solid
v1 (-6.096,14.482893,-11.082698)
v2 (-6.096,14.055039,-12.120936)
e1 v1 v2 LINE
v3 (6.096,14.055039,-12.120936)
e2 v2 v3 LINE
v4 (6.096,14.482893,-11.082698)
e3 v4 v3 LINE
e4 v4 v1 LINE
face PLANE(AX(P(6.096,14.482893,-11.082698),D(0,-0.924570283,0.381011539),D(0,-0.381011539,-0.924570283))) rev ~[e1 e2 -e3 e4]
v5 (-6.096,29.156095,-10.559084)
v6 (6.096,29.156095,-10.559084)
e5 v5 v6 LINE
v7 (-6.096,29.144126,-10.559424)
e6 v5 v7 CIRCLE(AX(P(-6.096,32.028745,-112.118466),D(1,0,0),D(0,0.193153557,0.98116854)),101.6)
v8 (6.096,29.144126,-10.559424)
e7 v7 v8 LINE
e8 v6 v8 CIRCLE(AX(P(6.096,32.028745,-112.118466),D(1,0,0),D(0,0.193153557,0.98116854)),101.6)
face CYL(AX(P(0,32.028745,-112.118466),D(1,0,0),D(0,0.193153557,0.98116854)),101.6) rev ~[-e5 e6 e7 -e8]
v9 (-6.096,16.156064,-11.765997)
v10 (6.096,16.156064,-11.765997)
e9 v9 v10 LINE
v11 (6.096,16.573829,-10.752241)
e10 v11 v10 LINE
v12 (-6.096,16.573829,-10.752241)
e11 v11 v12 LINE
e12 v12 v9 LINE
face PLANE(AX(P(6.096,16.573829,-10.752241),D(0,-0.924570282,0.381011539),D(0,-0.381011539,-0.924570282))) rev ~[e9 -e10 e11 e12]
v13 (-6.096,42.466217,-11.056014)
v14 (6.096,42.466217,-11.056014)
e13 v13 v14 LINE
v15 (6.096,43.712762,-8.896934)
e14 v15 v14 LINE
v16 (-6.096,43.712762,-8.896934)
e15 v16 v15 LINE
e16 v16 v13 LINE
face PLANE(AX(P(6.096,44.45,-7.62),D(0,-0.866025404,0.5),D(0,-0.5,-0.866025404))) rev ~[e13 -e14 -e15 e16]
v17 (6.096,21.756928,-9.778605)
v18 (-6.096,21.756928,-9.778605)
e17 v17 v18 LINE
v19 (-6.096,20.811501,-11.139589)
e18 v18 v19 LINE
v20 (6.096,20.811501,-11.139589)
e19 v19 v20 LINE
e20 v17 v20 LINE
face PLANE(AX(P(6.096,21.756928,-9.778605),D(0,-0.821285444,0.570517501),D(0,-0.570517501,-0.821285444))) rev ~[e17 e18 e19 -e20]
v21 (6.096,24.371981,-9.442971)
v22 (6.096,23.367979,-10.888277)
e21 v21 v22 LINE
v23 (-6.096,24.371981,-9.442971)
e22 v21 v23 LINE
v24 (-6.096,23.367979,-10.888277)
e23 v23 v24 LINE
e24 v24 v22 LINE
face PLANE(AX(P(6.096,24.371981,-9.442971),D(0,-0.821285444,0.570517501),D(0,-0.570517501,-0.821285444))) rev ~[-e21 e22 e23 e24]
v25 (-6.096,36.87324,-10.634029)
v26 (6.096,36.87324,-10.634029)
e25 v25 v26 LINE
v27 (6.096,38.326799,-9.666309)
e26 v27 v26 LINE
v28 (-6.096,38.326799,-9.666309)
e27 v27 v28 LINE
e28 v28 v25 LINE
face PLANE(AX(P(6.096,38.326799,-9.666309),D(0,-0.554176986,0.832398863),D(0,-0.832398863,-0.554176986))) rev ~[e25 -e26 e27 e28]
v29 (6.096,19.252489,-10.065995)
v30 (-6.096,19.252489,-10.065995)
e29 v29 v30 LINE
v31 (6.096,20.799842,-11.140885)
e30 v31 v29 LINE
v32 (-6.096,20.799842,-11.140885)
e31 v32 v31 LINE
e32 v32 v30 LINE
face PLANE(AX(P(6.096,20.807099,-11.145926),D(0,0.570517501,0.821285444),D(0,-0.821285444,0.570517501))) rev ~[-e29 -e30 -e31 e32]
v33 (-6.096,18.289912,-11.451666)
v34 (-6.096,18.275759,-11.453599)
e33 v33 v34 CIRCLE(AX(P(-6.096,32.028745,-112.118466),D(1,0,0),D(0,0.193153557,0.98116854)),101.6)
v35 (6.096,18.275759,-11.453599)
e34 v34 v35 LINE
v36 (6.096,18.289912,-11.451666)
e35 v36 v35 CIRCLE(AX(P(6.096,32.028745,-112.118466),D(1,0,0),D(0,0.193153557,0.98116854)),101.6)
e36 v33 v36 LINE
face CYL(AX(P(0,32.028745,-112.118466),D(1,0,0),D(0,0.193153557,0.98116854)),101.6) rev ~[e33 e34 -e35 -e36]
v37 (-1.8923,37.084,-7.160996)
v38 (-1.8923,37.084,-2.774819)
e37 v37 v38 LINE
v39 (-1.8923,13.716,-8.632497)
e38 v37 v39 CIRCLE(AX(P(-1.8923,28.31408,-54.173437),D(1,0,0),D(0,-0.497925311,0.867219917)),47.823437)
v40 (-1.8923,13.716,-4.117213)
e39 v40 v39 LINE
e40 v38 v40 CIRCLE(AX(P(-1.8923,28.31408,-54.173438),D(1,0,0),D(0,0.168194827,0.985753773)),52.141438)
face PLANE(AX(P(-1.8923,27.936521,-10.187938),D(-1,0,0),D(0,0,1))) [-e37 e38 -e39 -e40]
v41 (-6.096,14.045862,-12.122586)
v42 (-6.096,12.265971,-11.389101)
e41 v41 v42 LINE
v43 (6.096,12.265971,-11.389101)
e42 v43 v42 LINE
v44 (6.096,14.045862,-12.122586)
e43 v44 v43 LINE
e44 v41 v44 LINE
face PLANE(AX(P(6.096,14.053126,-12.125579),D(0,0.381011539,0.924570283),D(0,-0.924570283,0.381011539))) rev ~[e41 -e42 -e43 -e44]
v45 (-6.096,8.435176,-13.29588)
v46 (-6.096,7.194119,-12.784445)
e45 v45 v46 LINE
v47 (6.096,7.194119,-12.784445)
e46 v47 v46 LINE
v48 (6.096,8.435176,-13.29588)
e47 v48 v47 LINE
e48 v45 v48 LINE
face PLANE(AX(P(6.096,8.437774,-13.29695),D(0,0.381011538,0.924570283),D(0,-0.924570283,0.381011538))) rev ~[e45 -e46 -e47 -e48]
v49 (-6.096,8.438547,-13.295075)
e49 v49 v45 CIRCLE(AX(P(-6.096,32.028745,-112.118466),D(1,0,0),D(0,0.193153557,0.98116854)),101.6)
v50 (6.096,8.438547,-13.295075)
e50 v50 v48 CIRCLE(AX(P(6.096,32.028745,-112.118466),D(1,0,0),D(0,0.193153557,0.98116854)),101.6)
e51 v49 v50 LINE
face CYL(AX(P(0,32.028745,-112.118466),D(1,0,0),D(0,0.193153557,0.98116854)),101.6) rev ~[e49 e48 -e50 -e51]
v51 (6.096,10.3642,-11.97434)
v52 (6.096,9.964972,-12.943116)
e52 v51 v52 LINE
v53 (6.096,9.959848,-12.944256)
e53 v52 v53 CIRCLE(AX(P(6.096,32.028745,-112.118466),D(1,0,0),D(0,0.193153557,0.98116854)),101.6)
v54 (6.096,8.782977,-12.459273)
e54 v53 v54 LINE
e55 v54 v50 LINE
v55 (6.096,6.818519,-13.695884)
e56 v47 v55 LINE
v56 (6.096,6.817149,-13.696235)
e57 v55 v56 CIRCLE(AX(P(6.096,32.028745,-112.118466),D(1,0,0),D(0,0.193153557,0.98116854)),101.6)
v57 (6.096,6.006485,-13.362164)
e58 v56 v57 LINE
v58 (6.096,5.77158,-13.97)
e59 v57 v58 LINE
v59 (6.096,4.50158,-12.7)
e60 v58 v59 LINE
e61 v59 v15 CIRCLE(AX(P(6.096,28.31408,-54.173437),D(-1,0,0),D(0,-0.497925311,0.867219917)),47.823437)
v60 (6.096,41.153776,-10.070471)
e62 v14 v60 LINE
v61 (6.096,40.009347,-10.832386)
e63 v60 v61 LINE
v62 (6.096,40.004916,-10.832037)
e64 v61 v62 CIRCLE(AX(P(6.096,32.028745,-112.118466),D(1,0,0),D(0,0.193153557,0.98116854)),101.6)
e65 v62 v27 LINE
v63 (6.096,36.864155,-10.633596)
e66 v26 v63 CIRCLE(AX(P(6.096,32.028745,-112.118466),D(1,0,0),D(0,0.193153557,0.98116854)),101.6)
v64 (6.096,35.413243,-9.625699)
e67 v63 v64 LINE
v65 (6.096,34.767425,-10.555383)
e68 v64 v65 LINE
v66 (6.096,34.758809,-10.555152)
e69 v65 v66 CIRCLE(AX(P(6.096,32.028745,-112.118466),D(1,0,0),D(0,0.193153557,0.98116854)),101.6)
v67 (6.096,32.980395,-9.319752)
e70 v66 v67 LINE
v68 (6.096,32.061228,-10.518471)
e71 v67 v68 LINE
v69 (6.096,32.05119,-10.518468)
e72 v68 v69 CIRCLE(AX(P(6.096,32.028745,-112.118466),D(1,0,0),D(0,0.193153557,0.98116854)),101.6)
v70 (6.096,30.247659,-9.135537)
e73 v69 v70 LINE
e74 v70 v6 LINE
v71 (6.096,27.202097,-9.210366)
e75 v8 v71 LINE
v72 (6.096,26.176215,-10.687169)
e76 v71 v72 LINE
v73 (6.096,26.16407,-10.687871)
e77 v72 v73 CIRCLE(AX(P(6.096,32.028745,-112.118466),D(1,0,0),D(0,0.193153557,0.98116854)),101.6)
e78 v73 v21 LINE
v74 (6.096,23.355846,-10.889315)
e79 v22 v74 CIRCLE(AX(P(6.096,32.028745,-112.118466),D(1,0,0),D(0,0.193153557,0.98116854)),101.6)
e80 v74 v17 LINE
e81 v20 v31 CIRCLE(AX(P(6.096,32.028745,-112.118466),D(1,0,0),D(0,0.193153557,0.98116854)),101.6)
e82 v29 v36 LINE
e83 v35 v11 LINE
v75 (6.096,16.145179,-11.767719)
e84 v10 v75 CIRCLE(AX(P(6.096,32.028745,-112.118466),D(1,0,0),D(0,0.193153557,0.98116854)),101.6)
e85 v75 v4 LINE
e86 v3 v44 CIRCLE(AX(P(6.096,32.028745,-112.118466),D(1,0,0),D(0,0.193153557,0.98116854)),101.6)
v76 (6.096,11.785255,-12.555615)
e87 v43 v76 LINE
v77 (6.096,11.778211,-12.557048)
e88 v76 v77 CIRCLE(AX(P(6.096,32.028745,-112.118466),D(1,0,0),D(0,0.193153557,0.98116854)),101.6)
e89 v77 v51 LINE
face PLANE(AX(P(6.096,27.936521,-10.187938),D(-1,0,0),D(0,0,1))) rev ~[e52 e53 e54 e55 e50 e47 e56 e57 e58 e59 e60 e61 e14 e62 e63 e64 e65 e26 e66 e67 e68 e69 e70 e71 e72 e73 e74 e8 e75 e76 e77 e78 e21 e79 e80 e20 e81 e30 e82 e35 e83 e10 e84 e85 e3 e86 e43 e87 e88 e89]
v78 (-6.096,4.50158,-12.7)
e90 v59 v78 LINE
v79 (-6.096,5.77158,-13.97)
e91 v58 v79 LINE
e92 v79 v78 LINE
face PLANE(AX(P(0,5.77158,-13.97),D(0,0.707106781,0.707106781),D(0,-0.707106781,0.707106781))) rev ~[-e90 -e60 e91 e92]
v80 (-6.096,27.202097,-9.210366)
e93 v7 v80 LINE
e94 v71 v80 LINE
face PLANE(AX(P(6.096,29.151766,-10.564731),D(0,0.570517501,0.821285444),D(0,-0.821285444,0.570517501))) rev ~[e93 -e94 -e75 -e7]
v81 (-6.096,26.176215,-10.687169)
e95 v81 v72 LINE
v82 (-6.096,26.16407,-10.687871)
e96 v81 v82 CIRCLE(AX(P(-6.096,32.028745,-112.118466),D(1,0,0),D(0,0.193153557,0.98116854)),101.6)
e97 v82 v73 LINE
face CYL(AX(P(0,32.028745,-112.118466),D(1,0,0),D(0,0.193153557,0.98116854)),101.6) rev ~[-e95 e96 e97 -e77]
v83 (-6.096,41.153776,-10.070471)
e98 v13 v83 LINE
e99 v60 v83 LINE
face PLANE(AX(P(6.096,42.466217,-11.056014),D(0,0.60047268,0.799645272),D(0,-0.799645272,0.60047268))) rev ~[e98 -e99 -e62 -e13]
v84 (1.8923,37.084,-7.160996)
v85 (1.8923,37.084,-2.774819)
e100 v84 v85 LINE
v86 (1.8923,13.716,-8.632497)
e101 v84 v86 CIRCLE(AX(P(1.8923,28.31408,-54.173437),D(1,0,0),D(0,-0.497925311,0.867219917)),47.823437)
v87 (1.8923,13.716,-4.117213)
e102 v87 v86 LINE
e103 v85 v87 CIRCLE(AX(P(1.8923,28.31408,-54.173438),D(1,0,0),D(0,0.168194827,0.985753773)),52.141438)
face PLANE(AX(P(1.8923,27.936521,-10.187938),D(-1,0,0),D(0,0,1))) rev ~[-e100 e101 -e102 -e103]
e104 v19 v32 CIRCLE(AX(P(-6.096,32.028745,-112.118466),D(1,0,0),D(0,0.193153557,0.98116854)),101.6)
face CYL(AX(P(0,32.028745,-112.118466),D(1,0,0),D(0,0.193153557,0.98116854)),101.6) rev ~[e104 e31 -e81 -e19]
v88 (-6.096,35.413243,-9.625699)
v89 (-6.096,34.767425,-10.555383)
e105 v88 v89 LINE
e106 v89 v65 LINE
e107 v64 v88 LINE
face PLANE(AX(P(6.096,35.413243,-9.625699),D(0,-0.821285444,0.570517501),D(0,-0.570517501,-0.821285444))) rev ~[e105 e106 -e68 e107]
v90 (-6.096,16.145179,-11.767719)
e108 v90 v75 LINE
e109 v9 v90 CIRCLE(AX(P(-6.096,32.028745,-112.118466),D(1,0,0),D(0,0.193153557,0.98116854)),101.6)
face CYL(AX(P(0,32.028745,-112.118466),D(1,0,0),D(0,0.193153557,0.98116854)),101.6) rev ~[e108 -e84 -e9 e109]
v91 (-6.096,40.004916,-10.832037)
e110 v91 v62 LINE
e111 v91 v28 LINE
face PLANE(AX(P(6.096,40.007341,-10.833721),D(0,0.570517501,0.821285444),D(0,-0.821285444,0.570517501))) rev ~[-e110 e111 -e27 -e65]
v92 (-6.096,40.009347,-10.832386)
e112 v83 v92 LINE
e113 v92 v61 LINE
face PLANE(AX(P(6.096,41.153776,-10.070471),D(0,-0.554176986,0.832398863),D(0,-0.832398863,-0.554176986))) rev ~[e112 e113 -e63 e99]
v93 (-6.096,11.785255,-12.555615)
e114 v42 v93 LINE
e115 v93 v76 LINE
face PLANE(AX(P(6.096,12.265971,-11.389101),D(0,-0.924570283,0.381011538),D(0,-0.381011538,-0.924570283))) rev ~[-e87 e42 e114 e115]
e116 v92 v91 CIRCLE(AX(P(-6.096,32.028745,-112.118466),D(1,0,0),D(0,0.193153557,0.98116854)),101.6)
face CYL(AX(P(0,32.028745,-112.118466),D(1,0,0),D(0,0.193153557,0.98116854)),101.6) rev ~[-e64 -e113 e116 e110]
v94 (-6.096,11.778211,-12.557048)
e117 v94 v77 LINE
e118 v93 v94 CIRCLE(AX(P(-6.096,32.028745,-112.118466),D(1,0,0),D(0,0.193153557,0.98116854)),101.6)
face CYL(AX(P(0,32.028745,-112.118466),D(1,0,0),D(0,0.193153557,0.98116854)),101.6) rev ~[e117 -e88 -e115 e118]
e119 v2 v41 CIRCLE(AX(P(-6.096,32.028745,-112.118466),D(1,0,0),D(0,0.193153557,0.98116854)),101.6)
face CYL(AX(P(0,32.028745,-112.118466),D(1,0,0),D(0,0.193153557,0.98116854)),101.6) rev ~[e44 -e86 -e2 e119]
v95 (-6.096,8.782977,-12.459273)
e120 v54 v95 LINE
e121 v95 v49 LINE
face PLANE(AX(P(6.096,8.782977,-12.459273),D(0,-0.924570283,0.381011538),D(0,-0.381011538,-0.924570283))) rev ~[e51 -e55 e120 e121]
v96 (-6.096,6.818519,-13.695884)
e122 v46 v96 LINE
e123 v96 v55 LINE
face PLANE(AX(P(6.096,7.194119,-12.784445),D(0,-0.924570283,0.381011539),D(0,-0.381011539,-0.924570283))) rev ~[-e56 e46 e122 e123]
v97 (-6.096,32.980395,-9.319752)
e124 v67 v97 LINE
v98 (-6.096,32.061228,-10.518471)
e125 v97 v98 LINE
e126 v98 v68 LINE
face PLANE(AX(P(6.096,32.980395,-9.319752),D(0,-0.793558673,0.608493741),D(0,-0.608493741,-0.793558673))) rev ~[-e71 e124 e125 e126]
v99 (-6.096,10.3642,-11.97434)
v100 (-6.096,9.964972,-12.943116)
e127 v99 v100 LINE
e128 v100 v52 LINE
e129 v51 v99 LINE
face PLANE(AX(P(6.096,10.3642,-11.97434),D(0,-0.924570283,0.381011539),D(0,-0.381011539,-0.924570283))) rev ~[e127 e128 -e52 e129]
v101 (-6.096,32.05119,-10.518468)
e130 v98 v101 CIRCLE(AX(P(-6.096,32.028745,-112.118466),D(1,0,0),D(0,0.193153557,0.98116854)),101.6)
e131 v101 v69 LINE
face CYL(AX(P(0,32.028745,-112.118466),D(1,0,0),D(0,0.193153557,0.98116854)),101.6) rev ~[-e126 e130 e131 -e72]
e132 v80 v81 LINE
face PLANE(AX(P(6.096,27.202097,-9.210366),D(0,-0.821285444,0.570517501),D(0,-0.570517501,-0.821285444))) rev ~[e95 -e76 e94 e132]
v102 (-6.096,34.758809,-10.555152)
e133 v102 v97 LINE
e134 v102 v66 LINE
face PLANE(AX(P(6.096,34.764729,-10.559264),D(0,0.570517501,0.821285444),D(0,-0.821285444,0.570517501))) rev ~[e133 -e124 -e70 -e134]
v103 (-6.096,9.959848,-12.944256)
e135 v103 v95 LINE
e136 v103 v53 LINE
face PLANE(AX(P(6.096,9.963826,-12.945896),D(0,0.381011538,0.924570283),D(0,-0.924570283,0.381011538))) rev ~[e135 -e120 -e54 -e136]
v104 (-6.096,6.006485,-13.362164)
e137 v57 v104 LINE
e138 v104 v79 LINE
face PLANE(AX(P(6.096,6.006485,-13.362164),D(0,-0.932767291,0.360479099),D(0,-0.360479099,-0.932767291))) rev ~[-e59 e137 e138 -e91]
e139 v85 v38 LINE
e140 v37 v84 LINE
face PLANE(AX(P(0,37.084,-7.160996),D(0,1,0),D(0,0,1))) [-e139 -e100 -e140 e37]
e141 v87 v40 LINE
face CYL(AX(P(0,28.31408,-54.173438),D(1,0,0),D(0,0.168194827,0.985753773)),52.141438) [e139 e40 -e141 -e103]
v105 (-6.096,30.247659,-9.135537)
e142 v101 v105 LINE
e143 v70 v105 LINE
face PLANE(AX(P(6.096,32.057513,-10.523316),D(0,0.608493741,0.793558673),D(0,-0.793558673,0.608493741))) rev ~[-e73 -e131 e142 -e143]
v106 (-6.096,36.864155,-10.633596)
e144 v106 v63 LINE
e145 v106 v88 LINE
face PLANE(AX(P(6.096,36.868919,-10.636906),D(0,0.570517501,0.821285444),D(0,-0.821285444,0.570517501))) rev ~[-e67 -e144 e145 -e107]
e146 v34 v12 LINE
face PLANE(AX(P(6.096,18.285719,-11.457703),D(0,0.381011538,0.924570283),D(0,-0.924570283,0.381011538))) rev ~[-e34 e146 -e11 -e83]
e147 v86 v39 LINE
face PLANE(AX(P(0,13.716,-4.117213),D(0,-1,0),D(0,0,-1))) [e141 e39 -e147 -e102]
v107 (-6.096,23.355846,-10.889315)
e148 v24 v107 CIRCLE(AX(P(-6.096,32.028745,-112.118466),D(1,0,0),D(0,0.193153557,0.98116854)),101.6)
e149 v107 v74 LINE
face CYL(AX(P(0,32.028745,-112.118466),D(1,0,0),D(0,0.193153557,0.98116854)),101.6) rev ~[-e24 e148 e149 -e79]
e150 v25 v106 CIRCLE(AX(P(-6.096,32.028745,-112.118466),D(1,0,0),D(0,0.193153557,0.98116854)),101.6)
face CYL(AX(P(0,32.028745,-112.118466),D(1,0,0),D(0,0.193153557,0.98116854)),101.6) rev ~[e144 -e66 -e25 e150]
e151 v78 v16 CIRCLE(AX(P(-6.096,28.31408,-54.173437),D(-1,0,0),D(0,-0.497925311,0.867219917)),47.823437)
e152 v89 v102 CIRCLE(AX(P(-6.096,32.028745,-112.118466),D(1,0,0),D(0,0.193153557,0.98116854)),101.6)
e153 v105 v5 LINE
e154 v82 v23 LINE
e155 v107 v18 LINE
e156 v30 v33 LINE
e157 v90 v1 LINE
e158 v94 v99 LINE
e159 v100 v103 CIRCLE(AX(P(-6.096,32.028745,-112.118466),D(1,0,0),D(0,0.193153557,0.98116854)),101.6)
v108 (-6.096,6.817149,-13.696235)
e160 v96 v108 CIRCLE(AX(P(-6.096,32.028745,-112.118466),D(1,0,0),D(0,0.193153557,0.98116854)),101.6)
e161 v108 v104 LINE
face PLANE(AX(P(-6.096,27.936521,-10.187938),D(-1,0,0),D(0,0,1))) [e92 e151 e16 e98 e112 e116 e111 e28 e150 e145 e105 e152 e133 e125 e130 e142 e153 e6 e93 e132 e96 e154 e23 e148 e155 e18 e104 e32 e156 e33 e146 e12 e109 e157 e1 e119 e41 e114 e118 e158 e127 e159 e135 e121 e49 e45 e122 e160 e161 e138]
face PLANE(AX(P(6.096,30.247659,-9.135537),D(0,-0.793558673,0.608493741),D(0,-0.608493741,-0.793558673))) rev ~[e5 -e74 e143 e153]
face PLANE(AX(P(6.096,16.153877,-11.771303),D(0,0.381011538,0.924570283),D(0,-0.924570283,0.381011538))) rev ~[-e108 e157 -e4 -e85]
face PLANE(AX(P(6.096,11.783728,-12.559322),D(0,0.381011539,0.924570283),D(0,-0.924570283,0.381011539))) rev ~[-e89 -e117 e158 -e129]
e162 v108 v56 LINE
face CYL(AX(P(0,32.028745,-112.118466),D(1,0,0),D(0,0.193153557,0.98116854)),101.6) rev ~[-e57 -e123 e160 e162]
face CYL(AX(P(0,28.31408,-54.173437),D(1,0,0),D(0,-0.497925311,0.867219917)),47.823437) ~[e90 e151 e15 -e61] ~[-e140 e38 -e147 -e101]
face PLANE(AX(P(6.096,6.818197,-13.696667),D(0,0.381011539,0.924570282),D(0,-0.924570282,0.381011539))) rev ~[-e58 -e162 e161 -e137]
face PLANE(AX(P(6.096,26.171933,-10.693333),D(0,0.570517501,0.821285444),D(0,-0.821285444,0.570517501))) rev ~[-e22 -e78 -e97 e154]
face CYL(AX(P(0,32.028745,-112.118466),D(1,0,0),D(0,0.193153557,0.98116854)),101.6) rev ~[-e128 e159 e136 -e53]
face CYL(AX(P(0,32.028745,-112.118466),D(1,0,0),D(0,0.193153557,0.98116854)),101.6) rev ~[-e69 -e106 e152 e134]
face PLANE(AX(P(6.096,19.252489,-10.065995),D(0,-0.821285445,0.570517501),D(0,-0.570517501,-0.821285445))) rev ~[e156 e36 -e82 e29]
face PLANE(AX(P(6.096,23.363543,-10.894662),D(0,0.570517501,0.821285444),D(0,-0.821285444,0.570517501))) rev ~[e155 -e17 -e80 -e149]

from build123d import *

# Parameters (mm, degrees)
Y_KSEKLIK_EKSTR_ZYON1_DEPTH = 1.8922999999999999
Y_KSEKLIK_EKSTR_ZYON2_DEPTH = 6.096
KES_EKSTR_ZYON1_DEPTH       = 12.192
KES_EKSTR_ZYON2_DEPTH       = 12.192


with BuildPart() as part:
    # Sketch1 → Yükseklik-Ekstrüzyon1 (new, symmetric)
    with BuildSketch(Plane(origin=(0, 0, 0), x_dir=(0, 0, -1), z_dir=(1, 0, 0))):
        with BuildLine():
            Line((12.699999999999989, 4.50157994432155), (13.96999999999999, 5.771579944321538))
            ThreePointArc((13.969999999999999, 5.771579944321534), (10.575518689521203, 28.624343729041474), (12.431741890335203, 51.65314637694648))
            ThreePointArc((12.43174189033521, 51.65314637694648), (9.202455413232371, 44.58343593858319), (7.160995779393552, 37.0840000000003))
            Line((7.160995779393725, 37.084000000000266), (2.774818775530208, 37.08399999999997))
            ThreePointArc((2.774818775530207, 37.08399999999997), (2.117821695541153, 25.3237007401097), (4.117213446385989, 13.715999999999998))
            Line((4.117213446385993, 13.716), (8.632497278528835, 13.716000000000273))
            ThreePointArc((8.632497278528902, 13.716000000000294), (10.422987595978043, 9.001407744129583), (12.699999999999989, 4.501579944321545))
        make_face()
    extrude(amount=Y_KSEKLIK_EKSTR_ZYON1_DEPTH, both=True)

    # Sketch1<3> → Yükseklik-Ekstrüzyon2 (add, symmetric)
    with BuildSketch(Plane(origin=(0, 0, 0), x_dir=(0, 0, -1), z_dir=(1, 0, 0))):
        with BuildLine():
            Line((12.699999999999989, 4.50157994432155), (13.96999999999999, 5.771579944321538))
            ThreePointArc((13.969999999999999, 5.771579944321534), (10.575518689521203, 28.624343729041474), (12.431741890335203, 51.65314637694648))
            ThreePointArc((12.43174189033521, 51.65314637694648), (10.513707619187393, 47.83097419138011), (8.944783317600844, 43.85274189332284))
            ThreePointArc((8.944783317600837, 43.85274189332284), (7.928882036124428, 40.50105103089301), (7.160995779393787, 37.08400000000025))
            ThreePointArc((7.160995779393787, 37.08400000000025), (6.444536577927558, 25.308553187264685), (8.632497278528902, 13.716000000000294))
            ThreePointArc((8.632497278528902, 13.716000000000294), (10.422987595978043, 9.001407744129583), (12.699999999999989, 4.501579944321545))
        make_face()
    extrude(amount=Y_KSEKLIK_EKSTR_ZYON2_DEPTH, both=True)

    # Çizim1 → Kes-Ekstrüzyon1 (cut)
    with BuildSketch(Plane(origin=(6.096, 0, 0), x_dir=(0, 0, -1), z_dir=(1, 0, 0))):
        Polygon((7.619999999999999, 44.44999999999999), (15.240000000000004, 40.05059094877499), (15.239999999999997, 52.750590948774985), (7.619999999999999, 52.75059094877498), align=None)
    extrude(amount=-KES_EKSTR_ZYON1_DEPTH, mode=Mode.SUBTRACT)

    # Çizim2 → Kes-Ekstrüzyon2 (cut)
    with BuildSketch(Plane(origin=(6.096, 0, 0), x_dir=(0, 0, -1), z_dir=(1, 0, 0))):
        Polygon((11.056013618254738, 42.46621661256137), (10.070471058059045, 41.15377647398756), (10.833720947179229, 40.007340668045536), (9.666309047244985, 38.32679905568005), (10.636905522114423, 36.868919313052004), (9.62569938139432, 35.41324287335203), (10.559264155717688, 34.76472895445507), (9.3197515804638, 32.980395197122455), (10.523316237219666, 32.057512510187244), (9.135536699136821, 30.24765907263679), (10.564730983672034, 29.1517655915009), (9.210366129696242, 27.20209684513998), (10.69333307665004, 26.171932969193865), (9.442971205595295, 24.37198116560075), (10.894662465129608, 23.36354338641027), (9.778604553235667, 21.756928135312357), (11.145926492174143, 20.80709869293918), (10.065994729447585, 19.252488648378726), (11.457703407949307, 18.285718613902816), (10.75224071965595, 16.57382862778652), (11.771303497493284, 16.153877128202204), (11.082697869529728, 14.482892824629843), (12.125579376165943, 14.05312572673812), (11.389100528431403, 12.265971302634858), (12.559321579832204, 11.783728112059473), (11.974340159118404, 10.364200399535543), (12.945895778380397, 9.963826400885022), (12.459272873487201, 8.782977446397027), (13.29695037716803, 8.437774058058789), (12.784445432106818, 7.194119222949248), (13.696666965760587, 6.818196552292981), (13.362164192489386, 6.006485376927448), (13.97000000000003, 5.771579944321571), (16.641220779657644, 5.771579944321571), (16.641220779657644, 42.46621661256137), align=None)
    extrude(amount=-KES_EKSTR_ZYON2_DEPTH, mode=Mode.SUBTRACT)


solid = part.part
